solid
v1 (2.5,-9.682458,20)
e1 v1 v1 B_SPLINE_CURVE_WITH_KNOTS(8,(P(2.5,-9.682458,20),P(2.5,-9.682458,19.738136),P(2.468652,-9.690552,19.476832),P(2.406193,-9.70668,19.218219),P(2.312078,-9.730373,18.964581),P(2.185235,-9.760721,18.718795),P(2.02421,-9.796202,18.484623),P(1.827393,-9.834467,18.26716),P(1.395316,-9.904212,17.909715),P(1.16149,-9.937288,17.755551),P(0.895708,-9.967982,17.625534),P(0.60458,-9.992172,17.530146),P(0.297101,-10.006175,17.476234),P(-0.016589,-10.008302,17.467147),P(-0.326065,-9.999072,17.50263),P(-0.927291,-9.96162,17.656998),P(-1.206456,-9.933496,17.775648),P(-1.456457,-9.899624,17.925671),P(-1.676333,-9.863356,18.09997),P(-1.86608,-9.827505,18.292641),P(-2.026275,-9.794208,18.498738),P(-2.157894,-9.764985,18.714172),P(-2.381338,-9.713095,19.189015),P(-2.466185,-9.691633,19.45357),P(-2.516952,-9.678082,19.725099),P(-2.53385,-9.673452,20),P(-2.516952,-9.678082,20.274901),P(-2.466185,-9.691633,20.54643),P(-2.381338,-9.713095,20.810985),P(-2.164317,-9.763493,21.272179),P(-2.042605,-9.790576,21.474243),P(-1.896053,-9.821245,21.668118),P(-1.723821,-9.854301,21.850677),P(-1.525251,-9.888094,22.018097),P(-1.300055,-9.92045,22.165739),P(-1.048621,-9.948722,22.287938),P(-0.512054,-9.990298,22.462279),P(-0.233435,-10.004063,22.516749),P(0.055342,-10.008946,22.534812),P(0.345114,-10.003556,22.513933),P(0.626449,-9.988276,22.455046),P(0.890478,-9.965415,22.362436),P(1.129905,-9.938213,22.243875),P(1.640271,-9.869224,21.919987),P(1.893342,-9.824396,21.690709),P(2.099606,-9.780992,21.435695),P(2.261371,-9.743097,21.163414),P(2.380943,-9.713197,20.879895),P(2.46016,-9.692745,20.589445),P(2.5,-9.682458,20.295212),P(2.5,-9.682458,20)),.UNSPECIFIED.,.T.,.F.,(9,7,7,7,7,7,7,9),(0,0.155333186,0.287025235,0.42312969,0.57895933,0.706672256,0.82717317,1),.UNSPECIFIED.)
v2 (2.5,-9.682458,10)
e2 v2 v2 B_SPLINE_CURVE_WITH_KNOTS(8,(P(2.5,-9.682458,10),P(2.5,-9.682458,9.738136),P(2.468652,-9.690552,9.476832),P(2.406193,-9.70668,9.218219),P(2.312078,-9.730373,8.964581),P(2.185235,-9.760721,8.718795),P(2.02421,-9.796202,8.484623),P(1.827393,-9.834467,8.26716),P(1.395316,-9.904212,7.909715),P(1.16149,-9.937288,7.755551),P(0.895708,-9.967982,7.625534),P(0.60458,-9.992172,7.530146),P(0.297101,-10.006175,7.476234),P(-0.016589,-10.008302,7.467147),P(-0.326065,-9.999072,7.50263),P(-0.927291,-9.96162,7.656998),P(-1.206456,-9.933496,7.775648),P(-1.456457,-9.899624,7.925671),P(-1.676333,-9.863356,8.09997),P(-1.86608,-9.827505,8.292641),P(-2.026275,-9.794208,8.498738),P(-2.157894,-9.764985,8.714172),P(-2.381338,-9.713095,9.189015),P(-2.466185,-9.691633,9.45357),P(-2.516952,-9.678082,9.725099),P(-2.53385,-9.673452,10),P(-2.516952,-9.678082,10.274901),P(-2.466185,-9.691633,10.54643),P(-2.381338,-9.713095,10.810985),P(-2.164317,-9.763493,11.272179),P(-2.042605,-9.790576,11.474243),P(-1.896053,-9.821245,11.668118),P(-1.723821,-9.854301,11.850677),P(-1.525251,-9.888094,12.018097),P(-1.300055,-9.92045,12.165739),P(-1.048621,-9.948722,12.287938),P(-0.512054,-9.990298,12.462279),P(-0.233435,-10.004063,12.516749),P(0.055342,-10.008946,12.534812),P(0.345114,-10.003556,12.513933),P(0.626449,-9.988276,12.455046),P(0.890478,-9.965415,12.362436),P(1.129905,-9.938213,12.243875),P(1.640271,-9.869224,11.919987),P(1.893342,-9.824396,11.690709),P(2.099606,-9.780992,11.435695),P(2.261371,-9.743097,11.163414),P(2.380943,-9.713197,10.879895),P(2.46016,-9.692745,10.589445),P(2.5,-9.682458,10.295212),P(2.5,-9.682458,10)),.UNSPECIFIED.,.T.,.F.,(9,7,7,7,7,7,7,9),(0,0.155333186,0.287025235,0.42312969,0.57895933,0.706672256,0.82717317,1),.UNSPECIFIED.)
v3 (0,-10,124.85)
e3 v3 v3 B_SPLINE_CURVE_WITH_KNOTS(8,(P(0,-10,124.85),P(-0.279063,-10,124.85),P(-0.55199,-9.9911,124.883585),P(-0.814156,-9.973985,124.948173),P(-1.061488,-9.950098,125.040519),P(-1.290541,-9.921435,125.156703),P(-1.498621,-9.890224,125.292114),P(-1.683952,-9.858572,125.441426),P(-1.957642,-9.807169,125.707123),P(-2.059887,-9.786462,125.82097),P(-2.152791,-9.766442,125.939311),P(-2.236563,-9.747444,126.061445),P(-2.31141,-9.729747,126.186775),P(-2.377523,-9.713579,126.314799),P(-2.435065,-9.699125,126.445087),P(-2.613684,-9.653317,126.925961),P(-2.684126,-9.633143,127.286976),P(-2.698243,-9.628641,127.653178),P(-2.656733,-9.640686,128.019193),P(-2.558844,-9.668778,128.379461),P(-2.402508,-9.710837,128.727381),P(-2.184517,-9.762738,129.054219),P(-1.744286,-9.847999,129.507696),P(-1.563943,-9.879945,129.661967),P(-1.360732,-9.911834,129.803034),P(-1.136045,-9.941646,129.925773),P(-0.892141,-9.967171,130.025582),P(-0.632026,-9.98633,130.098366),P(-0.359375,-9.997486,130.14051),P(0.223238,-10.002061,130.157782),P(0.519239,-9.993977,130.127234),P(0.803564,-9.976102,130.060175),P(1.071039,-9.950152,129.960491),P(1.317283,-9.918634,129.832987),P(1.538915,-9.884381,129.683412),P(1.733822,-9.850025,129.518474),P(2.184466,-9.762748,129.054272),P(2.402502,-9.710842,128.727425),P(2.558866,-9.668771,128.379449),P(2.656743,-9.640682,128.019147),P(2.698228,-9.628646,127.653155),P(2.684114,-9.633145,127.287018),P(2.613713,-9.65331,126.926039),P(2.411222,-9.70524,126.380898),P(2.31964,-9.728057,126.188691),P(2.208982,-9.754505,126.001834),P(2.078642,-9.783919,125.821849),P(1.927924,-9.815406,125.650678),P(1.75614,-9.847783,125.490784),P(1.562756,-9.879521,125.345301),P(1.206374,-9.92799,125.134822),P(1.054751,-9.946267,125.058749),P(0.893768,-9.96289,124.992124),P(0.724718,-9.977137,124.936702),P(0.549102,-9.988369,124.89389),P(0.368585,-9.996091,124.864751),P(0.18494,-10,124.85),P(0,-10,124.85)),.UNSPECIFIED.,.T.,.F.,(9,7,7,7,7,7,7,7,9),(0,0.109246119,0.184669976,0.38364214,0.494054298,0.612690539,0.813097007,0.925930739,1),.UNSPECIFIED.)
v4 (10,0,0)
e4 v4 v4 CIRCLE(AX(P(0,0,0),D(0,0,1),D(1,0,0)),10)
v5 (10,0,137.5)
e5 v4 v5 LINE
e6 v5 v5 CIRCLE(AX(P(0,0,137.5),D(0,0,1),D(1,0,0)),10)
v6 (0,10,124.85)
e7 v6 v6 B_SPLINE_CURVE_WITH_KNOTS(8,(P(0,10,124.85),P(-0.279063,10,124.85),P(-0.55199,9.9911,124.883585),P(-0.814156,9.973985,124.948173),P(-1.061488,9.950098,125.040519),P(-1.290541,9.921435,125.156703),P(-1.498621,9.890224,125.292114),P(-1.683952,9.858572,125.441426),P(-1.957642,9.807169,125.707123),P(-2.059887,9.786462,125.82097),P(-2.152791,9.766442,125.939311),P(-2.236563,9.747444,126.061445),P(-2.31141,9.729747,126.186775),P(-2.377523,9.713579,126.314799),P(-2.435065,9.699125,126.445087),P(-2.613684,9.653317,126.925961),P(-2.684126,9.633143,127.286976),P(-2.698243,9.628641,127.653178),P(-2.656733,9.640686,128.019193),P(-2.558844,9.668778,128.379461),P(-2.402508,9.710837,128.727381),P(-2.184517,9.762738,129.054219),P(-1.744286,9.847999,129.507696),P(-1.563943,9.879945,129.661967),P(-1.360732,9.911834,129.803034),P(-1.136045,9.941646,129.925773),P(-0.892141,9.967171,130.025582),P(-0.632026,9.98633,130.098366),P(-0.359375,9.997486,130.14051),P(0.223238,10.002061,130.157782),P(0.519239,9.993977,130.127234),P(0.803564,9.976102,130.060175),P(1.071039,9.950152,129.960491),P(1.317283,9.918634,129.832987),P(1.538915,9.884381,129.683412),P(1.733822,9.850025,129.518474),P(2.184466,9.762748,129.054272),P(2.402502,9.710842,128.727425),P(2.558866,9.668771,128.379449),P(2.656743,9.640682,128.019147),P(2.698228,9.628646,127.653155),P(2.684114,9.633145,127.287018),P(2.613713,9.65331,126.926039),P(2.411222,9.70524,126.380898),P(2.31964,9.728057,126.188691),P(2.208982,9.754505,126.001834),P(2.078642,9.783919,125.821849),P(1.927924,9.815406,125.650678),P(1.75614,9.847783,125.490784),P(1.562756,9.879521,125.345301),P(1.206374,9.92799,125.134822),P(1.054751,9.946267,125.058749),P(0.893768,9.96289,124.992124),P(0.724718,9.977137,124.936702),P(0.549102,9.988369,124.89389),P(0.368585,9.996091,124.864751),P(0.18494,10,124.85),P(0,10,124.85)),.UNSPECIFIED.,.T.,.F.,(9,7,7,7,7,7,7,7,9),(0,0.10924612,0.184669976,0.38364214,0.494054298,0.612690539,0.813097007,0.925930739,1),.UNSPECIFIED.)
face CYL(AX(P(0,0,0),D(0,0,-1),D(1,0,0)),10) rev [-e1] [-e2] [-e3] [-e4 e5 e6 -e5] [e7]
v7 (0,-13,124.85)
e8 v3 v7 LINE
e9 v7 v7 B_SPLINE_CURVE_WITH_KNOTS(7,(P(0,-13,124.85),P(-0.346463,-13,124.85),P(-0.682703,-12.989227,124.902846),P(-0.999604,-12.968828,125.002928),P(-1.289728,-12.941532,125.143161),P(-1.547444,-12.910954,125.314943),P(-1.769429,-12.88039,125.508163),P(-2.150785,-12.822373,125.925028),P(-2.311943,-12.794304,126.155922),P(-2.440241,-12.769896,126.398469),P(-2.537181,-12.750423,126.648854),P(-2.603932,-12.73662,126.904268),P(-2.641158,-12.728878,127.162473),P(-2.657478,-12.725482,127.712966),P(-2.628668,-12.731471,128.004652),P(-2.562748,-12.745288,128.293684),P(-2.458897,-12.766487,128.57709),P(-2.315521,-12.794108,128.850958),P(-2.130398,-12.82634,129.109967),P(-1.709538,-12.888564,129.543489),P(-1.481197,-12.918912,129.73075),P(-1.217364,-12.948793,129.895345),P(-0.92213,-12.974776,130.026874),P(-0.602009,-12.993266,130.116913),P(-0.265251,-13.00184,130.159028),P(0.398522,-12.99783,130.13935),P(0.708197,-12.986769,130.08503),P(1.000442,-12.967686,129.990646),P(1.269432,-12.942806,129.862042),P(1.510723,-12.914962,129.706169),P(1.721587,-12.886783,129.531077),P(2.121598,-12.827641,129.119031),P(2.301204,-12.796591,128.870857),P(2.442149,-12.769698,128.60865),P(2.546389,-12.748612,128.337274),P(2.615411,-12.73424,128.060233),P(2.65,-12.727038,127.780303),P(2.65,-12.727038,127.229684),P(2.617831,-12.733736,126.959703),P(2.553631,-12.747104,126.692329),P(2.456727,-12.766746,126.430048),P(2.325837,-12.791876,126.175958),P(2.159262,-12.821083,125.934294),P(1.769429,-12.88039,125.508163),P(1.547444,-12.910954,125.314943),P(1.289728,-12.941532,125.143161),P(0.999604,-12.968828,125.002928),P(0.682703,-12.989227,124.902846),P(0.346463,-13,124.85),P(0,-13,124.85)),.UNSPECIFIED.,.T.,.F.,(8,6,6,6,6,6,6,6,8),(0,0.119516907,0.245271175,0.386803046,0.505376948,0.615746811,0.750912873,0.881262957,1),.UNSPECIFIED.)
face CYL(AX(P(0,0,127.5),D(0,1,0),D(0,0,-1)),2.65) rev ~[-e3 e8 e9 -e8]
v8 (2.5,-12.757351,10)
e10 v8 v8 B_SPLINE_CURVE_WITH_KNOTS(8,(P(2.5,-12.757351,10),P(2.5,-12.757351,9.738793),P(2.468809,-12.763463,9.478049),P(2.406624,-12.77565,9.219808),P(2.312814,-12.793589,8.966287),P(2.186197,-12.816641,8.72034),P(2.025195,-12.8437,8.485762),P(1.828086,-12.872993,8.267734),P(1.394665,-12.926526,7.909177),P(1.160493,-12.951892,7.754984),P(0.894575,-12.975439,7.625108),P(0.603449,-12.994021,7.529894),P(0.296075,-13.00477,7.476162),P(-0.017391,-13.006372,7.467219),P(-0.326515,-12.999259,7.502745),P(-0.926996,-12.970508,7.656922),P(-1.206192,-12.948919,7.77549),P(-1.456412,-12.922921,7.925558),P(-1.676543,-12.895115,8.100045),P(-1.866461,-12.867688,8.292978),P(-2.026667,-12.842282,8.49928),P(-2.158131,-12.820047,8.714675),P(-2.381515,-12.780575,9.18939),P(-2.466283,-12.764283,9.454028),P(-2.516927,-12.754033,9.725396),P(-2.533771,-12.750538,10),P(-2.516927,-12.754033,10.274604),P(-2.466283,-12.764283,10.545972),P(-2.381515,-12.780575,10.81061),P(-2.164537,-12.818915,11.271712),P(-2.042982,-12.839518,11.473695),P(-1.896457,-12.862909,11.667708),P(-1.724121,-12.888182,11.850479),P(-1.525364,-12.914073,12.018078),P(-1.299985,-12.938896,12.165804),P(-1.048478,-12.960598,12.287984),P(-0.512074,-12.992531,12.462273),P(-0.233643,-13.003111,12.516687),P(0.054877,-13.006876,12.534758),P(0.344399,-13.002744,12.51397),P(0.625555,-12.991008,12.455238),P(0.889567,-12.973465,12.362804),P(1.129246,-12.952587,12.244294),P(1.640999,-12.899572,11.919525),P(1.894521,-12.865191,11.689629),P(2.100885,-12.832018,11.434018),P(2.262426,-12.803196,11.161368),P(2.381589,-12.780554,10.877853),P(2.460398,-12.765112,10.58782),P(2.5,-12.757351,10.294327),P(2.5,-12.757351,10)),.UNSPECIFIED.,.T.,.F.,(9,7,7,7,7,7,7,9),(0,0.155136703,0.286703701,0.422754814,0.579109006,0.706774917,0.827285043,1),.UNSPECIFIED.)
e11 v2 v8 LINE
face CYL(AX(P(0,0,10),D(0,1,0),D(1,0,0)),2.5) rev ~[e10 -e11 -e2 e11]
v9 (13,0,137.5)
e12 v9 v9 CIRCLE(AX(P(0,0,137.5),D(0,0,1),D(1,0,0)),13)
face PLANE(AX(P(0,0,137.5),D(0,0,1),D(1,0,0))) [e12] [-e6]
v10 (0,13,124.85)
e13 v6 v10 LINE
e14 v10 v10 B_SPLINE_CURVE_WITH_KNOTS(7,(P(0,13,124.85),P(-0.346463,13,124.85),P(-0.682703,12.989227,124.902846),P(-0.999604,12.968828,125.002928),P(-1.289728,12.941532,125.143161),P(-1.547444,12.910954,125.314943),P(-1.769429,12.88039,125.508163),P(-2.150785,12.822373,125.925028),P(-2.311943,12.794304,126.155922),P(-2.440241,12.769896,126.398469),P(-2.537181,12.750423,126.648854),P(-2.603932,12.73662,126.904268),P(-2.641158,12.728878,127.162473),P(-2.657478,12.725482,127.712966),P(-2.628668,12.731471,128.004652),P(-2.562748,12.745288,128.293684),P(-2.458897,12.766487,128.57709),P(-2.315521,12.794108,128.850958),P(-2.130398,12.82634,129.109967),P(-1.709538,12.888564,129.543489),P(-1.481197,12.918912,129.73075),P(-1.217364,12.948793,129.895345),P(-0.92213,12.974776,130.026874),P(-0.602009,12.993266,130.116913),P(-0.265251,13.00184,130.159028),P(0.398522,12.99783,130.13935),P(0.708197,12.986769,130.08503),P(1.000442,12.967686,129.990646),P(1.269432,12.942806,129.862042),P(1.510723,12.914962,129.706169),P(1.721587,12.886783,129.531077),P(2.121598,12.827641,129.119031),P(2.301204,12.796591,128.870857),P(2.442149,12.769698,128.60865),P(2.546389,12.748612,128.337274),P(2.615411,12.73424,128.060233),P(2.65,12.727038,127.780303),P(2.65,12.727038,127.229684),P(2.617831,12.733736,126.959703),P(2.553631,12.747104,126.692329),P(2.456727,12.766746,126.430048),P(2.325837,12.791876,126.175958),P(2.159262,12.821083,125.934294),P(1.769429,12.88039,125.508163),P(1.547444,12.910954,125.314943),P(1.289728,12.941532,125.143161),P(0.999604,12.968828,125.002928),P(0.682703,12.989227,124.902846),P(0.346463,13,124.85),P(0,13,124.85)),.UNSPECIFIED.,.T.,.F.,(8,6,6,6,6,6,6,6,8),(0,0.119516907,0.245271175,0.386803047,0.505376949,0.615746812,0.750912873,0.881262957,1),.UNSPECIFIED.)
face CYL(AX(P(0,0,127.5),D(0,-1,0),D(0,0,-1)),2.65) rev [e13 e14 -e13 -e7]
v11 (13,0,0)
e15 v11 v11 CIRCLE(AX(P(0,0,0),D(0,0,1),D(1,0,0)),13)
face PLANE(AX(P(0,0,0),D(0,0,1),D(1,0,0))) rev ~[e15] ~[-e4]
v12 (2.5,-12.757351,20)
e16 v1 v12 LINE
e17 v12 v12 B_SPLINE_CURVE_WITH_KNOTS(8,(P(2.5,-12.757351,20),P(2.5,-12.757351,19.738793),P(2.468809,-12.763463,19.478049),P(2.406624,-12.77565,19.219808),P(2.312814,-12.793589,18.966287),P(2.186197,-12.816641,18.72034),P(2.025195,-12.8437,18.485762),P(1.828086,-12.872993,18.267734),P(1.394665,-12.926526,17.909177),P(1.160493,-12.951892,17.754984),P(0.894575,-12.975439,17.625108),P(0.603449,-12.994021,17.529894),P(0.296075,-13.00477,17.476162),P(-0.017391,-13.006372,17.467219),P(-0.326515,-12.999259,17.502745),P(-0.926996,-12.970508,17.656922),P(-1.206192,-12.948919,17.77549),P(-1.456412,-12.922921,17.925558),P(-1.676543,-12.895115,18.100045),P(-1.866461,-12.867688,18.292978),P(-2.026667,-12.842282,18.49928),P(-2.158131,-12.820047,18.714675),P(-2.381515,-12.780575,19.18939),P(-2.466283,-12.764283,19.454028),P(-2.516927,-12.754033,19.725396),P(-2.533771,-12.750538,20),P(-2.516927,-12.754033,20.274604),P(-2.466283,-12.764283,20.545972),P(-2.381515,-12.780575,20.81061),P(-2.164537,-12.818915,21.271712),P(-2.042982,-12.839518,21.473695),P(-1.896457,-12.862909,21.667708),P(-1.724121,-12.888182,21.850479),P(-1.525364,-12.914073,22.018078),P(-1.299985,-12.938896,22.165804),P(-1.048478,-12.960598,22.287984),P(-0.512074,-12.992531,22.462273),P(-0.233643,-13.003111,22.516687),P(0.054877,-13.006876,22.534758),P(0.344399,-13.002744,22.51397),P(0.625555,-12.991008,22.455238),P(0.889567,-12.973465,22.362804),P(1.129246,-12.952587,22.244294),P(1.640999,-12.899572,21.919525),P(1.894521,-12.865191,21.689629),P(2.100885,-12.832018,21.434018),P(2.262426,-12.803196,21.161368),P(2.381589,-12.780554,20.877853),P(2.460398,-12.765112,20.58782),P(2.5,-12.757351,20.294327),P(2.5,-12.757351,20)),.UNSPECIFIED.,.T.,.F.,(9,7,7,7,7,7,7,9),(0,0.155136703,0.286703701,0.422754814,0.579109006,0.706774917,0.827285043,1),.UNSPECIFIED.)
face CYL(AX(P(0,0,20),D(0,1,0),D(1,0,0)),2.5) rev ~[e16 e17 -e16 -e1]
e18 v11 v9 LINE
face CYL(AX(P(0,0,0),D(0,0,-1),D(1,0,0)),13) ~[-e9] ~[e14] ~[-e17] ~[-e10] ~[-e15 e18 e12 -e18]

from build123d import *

# Parameters (mm, degrees)
SKETCH1_R               = 13
SKETCH1_R_2             = 10
BOSS_EXTRUDE1_DEPTH     = 137.5
SKETCH3_R               = 2.5
CUT_EXTRUDE1_DEPTH      = 139.723646146
CUT_EXTRUDE2_DEPTH      = 150
CUT_EXTRUDE2_DEPTH_BACK = 139.723646264
SKETCH4_R               = 2.65


with BuildPart() as part:
    # Sketch1 → Boss-Extrude1 (new body)
    with BuildSketch(Plane.XY):
        Circle(SKETCH1_R)
        Circle(SKETCH1_R_2, mode=Mode.SUBTRACT)
    extrude(amount=BOSS_EXTRUDE1_DEPTH)

    # Sketch3 → Cut-Extrude1 (cut, through all)
    with BuildSketch(Plane(origin=(0, 0, 0), x_dir=(1, 0, 0), z_dir=(0, 1, 0))):
        with Locations((0, -10)):
            Circle(SKETCH3_R)
        with Locations((0, -20)):
            Circle(SKETCH3_R)
    extrude(amount=-CUT_EXTRUDE1_DEPTH, mode=Mode.SUBTRACT)

    # Sketch4 → Cut-Extrude2 (cut, two sides: drawn at the far end of the back side and taken through both)
    with BuildSketch(Plane(origin=(0, 0, 0), x_dir=(0, 0, -1), z_dir=(0, 1, 0)).offset(-CUT_EXTRUDE2_DEPTH_BACK)):
        with Locations((-127.5, 0)):
            Circle(SKETCH4_R)
    extrude(amount=CUT_EXTRUDE2_DEPTH + CUT_EXTRUDE2_DEPTH_BACK, mode=Mode.SUBTRACT)


solid = part.part
